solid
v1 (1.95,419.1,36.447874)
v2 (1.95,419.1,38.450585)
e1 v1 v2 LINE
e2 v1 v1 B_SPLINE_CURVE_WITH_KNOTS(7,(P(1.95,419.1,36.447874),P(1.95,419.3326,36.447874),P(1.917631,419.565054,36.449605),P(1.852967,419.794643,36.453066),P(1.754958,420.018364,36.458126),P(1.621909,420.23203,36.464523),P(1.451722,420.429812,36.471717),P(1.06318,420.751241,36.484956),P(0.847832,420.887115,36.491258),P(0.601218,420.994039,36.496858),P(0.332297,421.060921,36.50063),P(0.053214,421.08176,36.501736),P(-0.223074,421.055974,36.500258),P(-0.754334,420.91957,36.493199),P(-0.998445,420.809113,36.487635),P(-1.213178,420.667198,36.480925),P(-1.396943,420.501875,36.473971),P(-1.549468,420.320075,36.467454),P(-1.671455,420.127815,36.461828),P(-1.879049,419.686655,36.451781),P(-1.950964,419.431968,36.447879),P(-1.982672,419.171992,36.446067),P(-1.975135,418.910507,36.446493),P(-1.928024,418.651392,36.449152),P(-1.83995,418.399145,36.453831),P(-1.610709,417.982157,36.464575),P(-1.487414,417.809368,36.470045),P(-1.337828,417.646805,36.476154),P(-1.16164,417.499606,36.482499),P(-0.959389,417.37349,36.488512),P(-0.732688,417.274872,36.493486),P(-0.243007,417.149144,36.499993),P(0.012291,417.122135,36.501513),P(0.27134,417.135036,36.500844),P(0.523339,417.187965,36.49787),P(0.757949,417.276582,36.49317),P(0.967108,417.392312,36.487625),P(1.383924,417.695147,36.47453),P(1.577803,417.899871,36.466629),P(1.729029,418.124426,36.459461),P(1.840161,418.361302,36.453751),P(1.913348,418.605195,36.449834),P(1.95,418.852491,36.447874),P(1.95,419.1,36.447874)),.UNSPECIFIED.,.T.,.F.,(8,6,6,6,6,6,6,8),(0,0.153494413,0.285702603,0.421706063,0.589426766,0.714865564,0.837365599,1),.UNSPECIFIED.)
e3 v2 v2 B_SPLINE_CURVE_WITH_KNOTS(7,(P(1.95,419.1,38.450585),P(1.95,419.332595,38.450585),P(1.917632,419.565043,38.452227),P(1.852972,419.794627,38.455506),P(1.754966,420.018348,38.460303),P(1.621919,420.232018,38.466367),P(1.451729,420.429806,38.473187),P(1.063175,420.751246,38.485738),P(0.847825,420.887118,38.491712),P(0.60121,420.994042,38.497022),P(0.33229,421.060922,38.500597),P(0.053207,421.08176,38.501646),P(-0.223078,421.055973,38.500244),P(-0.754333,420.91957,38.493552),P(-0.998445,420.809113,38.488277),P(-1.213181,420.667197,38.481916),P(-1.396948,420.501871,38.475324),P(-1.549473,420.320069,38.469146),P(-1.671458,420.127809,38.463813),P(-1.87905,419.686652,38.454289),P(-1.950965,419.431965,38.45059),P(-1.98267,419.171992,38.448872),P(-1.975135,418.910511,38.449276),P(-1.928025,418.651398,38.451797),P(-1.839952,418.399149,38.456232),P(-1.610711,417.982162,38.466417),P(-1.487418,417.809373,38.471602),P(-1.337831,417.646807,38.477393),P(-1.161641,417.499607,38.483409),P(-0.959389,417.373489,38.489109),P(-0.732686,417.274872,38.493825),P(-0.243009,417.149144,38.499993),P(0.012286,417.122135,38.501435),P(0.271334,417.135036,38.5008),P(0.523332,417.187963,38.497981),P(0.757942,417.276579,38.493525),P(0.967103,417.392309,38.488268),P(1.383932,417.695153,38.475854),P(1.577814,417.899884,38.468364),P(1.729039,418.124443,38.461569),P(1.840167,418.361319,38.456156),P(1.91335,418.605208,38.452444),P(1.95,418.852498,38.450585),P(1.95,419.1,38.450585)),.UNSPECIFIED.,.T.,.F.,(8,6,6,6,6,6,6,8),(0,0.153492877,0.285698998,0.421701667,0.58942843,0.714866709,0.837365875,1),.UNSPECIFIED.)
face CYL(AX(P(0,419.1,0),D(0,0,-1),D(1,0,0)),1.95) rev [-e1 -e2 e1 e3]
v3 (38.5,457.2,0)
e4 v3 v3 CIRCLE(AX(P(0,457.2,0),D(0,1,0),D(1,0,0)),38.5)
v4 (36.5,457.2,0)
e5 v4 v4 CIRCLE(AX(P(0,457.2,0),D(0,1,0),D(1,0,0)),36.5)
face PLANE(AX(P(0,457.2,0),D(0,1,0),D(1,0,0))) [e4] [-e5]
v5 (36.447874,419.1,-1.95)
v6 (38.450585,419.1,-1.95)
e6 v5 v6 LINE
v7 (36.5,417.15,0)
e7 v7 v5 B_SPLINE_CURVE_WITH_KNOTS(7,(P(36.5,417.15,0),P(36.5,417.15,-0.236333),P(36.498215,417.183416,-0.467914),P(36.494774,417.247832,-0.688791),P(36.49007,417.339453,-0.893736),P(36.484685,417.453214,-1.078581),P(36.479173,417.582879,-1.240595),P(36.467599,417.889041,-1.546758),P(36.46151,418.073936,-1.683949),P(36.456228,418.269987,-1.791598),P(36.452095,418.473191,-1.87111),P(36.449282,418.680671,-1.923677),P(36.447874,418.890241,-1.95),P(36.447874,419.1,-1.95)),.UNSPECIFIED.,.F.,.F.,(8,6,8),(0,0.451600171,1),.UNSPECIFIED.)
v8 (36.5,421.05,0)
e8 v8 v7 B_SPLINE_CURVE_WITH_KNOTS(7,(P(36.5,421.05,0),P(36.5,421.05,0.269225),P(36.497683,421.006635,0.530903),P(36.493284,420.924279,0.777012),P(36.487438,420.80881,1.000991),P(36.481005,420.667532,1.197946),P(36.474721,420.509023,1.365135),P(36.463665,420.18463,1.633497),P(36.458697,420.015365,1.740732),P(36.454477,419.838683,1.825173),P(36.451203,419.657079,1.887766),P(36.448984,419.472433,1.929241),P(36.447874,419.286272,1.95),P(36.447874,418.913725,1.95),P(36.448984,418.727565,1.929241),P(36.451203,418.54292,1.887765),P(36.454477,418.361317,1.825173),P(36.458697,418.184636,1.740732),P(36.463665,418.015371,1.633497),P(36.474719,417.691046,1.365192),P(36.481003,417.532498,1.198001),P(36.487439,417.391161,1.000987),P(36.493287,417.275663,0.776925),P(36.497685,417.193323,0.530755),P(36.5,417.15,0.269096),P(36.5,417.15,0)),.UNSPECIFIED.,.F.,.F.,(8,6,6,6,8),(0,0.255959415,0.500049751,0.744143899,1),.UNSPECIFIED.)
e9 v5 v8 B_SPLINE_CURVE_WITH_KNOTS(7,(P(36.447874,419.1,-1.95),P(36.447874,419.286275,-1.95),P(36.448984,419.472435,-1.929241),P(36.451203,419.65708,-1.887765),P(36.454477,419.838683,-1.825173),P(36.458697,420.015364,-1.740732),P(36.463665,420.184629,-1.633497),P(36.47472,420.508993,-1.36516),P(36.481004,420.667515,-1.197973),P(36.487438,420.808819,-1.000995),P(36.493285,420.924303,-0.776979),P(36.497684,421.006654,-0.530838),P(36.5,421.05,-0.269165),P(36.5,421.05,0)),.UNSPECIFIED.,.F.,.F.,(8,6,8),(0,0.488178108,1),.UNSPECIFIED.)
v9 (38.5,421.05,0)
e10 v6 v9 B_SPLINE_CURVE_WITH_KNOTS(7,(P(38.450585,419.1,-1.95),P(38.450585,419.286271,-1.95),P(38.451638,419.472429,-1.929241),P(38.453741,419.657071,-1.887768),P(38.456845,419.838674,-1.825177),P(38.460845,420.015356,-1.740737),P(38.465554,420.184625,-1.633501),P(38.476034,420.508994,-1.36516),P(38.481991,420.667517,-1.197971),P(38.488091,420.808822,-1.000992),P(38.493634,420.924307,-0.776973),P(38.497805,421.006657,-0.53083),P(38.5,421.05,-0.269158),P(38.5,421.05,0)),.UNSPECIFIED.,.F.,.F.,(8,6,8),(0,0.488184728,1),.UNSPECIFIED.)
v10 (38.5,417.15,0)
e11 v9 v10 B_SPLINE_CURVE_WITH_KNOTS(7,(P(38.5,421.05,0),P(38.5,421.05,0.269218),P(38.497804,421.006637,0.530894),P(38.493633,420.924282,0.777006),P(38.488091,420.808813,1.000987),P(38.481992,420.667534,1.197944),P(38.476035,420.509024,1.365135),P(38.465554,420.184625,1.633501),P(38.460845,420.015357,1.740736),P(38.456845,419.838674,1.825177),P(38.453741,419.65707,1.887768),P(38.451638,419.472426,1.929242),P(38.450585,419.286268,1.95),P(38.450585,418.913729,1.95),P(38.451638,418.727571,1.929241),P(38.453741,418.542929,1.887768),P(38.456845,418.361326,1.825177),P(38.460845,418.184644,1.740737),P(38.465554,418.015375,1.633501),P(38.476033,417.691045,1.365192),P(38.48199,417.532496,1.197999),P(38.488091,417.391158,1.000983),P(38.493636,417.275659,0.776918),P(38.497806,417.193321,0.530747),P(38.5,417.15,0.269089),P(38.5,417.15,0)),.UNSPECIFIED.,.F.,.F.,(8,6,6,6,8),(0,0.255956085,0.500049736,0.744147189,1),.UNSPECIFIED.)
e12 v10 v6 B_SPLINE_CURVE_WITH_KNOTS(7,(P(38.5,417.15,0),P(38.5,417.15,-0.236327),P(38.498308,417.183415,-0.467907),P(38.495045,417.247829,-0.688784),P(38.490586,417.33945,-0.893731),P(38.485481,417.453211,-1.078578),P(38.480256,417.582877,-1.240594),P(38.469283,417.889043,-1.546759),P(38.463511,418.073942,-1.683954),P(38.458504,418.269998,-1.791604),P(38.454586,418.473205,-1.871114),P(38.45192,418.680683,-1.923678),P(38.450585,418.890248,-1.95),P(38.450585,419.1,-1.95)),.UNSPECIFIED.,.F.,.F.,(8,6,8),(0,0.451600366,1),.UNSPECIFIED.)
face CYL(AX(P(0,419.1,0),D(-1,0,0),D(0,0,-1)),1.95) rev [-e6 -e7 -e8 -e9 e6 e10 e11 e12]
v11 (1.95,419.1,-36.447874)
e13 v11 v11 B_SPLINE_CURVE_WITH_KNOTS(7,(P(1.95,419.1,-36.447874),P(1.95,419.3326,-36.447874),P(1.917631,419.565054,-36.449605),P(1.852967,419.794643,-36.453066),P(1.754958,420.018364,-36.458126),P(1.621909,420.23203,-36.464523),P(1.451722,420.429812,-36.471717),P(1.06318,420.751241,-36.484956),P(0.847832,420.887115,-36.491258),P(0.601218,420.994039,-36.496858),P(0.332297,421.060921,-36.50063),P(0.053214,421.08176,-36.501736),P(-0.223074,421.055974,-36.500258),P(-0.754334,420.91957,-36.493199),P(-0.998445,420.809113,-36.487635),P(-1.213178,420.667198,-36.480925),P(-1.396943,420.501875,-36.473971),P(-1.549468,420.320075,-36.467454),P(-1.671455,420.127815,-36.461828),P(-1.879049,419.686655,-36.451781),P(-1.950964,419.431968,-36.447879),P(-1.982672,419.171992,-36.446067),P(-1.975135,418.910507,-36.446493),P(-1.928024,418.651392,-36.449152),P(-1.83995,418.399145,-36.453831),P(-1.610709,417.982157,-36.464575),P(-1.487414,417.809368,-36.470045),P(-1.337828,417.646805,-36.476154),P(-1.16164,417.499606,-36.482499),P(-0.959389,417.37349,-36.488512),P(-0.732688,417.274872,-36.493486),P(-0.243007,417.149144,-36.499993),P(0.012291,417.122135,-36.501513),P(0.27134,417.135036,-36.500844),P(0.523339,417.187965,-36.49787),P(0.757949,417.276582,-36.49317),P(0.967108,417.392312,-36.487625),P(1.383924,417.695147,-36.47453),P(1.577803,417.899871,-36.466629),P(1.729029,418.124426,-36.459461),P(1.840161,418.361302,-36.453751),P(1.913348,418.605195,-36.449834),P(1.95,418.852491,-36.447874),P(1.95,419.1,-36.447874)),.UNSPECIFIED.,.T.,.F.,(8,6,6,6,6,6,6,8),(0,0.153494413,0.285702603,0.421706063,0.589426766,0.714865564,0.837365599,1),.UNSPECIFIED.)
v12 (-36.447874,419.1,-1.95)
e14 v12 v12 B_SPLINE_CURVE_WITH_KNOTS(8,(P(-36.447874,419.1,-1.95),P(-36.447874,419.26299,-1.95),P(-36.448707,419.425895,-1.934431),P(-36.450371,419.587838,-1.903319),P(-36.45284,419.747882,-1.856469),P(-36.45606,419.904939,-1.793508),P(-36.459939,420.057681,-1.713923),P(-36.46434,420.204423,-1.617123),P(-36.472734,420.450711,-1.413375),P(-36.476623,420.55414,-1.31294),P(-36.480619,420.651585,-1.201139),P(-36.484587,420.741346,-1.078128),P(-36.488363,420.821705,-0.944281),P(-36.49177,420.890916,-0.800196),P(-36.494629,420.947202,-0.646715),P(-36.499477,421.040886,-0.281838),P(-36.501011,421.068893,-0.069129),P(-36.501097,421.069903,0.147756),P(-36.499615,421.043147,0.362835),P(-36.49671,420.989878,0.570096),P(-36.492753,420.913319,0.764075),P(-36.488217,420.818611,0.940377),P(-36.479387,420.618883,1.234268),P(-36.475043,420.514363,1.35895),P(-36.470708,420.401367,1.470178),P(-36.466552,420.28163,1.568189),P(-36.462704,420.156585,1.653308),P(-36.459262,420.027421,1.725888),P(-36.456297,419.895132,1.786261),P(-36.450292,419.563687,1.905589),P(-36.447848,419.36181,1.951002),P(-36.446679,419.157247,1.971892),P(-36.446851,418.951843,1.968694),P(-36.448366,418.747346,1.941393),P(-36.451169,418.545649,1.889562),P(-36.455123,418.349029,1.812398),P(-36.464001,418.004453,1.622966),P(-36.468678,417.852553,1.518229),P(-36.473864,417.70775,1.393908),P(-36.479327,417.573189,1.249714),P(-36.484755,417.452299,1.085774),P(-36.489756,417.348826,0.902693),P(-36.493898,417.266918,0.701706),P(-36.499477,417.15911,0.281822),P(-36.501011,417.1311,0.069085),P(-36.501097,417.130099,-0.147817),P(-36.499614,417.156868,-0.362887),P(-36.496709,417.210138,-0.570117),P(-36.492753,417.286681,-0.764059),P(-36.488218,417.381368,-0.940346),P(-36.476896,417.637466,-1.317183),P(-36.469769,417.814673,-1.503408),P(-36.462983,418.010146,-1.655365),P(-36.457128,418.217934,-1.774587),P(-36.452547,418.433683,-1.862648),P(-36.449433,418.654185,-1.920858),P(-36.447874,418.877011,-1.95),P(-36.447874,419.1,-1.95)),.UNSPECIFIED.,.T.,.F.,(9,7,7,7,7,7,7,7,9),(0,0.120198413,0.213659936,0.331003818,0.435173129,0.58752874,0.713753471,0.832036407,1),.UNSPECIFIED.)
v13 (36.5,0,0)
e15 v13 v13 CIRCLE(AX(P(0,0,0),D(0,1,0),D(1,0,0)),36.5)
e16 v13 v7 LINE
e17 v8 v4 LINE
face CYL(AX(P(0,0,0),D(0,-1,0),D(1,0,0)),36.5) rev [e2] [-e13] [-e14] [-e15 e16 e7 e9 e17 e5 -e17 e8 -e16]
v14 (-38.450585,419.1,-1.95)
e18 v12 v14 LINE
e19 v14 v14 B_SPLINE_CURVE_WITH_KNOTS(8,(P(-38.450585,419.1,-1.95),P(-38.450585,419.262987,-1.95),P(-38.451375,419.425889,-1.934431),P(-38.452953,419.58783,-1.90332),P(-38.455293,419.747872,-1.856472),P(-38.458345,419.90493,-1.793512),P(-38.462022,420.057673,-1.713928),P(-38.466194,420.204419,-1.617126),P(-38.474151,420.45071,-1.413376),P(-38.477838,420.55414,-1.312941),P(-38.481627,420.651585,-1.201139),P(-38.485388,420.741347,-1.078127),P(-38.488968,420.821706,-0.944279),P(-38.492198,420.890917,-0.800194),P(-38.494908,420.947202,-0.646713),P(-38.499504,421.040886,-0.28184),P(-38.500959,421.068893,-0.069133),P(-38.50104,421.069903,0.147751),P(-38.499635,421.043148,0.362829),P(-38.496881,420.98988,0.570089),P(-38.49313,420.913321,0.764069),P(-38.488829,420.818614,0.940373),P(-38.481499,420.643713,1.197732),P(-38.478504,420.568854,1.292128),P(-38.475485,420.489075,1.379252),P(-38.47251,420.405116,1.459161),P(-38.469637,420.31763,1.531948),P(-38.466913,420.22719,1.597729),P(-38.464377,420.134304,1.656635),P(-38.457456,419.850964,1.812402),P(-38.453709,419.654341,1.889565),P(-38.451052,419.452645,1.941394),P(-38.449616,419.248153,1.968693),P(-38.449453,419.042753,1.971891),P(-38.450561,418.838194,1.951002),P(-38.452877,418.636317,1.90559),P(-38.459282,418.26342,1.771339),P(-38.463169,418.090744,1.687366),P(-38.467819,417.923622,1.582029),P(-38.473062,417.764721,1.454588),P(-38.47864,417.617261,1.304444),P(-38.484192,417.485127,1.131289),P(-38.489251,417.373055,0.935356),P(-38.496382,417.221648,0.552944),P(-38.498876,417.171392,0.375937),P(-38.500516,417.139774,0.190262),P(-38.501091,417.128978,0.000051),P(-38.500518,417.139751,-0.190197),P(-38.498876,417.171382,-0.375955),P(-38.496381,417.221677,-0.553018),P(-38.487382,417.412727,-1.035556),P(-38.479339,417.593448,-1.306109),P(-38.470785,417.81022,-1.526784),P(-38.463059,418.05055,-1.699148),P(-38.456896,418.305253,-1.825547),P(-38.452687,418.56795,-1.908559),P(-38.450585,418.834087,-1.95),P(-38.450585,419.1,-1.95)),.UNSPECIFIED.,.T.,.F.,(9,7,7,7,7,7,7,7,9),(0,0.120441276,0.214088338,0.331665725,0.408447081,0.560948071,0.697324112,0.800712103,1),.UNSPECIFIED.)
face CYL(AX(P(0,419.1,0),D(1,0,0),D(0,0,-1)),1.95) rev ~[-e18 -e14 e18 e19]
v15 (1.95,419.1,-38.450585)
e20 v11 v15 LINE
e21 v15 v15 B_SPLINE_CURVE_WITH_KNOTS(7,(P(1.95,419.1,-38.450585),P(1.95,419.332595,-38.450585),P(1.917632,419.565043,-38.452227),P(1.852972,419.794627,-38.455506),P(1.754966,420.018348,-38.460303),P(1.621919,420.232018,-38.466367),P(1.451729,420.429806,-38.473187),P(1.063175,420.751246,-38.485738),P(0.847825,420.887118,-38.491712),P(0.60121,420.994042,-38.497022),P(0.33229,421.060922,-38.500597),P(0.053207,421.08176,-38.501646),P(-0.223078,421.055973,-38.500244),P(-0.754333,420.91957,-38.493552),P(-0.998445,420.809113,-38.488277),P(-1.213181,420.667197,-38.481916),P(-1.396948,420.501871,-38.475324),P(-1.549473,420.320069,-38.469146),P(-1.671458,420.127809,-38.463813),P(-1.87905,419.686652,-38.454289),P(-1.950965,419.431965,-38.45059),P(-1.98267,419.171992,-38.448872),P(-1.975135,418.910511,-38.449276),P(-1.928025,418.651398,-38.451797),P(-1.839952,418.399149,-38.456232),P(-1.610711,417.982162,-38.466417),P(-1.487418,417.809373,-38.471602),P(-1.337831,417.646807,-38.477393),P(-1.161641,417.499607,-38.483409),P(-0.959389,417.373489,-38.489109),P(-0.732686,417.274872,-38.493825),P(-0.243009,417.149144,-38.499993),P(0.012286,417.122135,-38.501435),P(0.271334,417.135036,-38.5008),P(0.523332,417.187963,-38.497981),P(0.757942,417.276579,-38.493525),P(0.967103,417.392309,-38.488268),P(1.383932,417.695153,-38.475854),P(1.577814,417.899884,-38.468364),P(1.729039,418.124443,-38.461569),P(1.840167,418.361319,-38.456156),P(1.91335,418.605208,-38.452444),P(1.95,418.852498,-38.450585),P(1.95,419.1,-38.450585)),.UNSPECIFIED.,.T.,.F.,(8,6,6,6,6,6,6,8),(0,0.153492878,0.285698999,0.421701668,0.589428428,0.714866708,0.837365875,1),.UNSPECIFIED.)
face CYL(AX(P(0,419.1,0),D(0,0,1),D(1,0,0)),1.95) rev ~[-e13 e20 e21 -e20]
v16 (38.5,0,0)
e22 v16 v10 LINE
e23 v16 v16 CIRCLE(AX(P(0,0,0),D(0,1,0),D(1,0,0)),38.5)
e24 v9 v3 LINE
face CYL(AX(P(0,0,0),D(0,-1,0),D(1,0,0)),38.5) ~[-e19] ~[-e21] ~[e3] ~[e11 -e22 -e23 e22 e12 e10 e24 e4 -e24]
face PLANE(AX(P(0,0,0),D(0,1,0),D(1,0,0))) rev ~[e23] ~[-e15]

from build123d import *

# Parameters (mm, degrees)
SKETCH1_R               = 38.5
SKETCH1_R_2             = 36.5
BOSS_EXTRUDE1_DEPTH     = 457.2
SKETCH2_R               = 1.95
CUT_EXTRUDE1_DEPTH      = 39.5
CUT_EXTRUDE1_DEPTH_BACK = 39.5
SKETCH3_R               = 1.95
CUT_EXTRUDE2_DEPTH      = 39.5000001
CUT_EXTRUDE2_DEPTH_BACK = 39.5000001


with BuildPart() as part:
    # Sketch1 → Boss-Extrude1 (new body)
    with BuildSketch(Plane(origin=(0, 0, 0), x_dir=(1, 0, 0), z_dir=(0, 1, 0))):
        Circle(SKETCH1_R)
        Circle(SKETCH1_R_2, mode=Mode.SUBTRACT)
    extrude(amount=BOSS_EXTRUDE1_DEPTH)

    # Sketch2 → Cut-Extrude1 (cut, two sides)
    with BuildSketch(Plane(origin=(0, 0, 0), x_dir=(0, 0, -1), z_dir=(1, 0, 0))) as cut_extrude1_sk:
        with Locations((0, 419.1)):
            Circle(SKETCH2_R)
    extrude(amount=CUT_EXTRUDE1_DEPTH, mode=Mode.SUBTRACT)
    extrude(cut_extrude1_sk.sketch, amount=-CUT_EXTRUDE1_DEPTH_BACK, mode=Mode.SUBTRACT)

    # Sketch3 → Cut-Extrude2 (cut, two sides)
    with BuildSketch(Plane.XY) as cut_extrude2_sk:
        with Locations((0, 419.1)):
            Circle(SKETCH3_R)
    extrude(amount=CUT_EXTRUDE2_DEPTH, mode=Mode.SUBTRACT)
    extrude(cut_extrude2_sk.sketch, amount=-CUT_EXTRUDE2_DEPTH_BACK, mode=Mode.SUBTRACT)


solid = part.part
